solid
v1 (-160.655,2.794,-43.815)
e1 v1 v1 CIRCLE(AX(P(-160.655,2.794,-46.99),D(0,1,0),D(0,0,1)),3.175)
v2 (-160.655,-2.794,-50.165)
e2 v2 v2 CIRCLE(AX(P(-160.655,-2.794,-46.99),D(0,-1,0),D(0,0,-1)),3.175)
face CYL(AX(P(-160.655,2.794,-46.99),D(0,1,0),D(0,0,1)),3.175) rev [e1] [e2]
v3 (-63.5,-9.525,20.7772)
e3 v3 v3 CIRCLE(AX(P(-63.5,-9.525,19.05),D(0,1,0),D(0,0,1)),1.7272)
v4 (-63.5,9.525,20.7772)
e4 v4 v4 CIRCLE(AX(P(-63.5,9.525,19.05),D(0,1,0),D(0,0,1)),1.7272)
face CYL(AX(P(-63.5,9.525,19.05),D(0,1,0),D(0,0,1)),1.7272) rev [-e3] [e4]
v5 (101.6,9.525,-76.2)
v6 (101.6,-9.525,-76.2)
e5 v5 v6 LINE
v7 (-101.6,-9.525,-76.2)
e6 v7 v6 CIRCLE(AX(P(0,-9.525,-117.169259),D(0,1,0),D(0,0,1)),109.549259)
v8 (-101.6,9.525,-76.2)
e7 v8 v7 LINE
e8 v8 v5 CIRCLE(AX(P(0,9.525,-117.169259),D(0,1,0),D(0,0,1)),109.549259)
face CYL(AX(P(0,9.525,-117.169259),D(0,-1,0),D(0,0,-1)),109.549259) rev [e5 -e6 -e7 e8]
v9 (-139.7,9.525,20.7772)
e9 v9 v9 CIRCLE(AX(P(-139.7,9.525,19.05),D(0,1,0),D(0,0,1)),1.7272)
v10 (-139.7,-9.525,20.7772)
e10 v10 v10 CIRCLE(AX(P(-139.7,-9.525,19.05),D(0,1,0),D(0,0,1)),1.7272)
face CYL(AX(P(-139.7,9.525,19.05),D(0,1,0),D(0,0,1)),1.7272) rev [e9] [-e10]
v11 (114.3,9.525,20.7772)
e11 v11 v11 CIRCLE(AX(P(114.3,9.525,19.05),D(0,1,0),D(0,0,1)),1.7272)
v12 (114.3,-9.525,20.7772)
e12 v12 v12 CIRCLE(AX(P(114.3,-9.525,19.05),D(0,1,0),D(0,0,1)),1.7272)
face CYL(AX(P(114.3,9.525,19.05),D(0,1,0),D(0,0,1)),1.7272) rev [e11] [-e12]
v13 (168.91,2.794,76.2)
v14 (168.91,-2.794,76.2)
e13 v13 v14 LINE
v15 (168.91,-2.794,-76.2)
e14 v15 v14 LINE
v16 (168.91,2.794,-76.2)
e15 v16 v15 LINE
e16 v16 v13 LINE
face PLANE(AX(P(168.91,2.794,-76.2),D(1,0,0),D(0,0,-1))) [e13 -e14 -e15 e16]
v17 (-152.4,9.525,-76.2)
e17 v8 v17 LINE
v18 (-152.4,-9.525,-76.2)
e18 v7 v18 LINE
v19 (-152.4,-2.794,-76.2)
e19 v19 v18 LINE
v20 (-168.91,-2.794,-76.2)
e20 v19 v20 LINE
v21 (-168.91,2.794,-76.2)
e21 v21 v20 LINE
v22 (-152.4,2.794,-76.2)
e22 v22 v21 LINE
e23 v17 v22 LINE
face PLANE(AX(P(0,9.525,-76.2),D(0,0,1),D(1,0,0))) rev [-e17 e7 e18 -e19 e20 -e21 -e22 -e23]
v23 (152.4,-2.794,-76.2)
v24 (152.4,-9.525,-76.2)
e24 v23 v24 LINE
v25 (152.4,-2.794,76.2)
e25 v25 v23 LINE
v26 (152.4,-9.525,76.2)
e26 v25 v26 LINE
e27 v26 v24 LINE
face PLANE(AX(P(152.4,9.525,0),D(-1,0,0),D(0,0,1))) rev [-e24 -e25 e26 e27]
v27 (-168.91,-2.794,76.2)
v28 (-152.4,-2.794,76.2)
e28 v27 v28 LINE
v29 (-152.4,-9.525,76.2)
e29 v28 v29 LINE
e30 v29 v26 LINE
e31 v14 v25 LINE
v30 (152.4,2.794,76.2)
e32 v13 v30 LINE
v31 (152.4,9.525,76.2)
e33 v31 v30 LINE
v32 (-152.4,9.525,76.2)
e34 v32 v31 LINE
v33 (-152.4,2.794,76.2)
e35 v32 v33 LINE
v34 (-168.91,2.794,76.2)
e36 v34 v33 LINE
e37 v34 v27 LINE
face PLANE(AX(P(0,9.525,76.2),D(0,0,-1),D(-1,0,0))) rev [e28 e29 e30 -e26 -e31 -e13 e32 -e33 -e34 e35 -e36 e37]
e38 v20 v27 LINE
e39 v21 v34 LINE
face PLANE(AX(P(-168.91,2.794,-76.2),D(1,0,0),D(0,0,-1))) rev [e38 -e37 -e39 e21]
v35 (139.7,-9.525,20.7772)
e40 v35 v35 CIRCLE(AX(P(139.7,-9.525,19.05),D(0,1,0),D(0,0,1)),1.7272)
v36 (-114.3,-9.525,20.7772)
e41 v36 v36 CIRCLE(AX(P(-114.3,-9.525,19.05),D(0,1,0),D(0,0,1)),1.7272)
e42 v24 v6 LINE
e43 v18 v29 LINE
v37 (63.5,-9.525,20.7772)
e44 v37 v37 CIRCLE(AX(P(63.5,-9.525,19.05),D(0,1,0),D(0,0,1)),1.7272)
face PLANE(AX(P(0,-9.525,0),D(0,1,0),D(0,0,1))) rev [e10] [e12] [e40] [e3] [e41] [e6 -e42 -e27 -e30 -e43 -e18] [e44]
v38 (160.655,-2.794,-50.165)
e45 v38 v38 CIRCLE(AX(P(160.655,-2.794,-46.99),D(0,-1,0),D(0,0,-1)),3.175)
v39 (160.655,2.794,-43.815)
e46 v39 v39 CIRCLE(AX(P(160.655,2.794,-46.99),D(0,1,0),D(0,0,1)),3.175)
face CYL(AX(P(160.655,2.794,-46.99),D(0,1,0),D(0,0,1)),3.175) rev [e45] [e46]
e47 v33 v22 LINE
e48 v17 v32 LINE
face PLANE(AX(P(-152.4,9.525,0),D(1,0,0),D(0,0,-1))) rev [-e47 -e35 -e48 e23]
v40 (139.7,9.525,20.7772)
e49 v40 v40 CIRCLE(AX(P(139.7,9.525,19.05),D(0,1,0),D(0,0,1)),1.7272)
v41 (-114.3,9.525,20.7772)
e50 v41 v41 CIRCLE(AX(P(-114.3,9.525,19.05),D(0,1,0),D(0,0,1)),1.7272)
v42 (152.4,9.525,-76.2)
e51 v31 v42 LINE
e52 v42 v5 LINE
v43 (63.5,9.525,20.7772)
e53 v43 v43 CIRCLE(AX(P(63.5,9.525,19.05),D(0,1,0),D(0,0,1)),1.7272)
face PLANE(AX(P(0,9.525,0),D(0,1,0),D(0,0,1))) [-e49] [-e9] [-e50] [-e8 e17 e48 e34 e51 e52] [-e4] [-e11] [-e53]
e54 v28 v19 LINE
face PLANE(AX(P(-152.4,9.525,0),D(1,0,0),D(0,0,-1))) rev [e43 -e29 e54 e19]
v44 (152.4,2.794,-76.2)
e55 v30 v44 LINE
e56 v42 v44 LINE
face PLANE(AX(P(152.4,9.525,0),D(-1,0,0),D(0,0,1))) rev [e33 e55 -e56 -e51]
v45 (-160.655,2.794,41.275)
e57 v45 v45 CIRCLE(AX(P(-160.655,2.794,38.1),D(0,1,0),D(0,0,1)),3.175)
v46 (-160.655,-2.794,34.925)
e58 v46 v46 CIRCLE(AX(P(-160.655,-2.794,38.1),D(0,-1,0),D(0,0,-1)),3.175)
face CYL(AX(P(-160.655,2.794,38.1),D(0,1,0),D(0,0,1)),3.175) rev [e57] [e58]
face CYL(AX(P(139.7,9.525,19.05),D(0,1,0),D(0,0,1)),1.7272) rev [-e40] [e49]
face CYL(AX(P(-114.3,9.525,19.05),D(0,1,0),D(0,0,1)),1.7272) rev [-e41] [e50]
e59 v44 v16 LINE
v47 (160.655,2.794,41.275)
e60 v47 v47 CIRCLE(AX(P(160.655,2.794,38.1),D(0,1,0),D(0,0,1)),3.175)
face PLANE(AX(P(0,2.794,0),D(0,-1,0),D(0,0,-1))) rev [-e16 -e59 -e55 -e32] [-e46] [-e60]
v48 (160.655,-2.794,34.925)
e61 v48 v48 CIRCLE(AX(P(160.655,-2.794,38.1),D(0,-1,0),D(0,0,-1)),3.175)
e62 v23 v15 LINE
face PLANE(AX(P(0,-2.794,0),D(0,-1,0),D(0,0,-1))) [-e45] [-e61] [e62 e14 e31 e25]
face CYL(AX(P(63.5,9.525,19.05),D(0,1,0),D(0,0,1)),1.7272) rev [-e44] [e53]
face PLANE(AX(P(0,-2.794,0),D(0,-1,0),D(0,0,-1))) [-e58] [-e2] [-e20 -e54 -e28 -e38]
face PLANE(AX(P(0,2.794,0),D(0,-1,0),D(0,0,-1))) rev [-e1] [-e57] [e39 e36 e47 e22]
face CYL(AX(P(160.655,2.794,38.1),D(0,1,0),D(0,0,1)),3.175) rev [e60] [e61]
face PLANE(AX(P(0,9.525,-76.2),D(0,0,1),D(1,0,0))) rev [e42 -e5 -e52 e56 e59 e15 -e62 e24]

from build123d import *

# Parameters (mm, degrees)
BOSS_EXTRUDE1_DEPTH         = 9.525
F_8_32_TAPPED_HOLE1_D       = 3.4544
SKETCH6_W                   = 16.51
SKETCH6_H                   = 152.4
BOSS_EXTRUDE2_DEPTH         = 2.794
F_1_4_0_25_DIAMETER_HOLE1_D = 6.35


with BuildPart() as part:
    # Sketch1 → Boss-Extrude1 (new, symmetric)
    with BuildSketch(Plane(origin=(0, 0, 0), x_dir=(1, 0, 0), z_dir=(0, 1, 0))):
        with BuildLine():
            ThreePointArc((0, 7.62), (-61.289836841, 26.369500976), (-101.6, 76.2))
            Line((-101.6, 76.2), (-152.4, 76.2))
            Line((-152.4, 76.2), (-152.4, -76.2))
            Line((-152.4, -76.2), (152.4, -76.2))
            Line((152.4, -76.2), (152.4, 76.2))
            Line((152.4, 76.2), (101.6, 76.2))
            ThreePointArc((101.6, 76.2), (61.289836841, 26.369500976), (0, 7.62))
        make_face()
    extrude(amount=BOSS_EXTRUDE1_DEPTH, both=True)

    # #8-32 Tapped Hole1 (through all)
    with Locations(Plane(origin=(0, 9.525, 0), x_dir=(1, 0, 0), z_dir=(0, 1, 0))):
        with Locations((-139.7, -19.05), (-114.3, -19.05), (-63.5, -19.05)):
            f_8_32_tapped_hole1 = Hole(F_8_32_TAPPED_HOLE1_D / 2)

    # Mirror1: #8-32 Tapped Hole1 across plane
    add(f_8_32_tapped_hole1.mirror(Plane(origin=(0, 0, 0), x_dir=(0, 0, 1), z_dir=(1, 0, 0))), mode=Mode.SUBTRACT)

    # Sketch6 → Boss-Extrude2 (add, symmetric)
    with BuildSketch(Plane(origin=(0, 0, 0), x_dir=(1, 0, 0), z_dir=(0, 1, 0))):
        with Locations((-160.655, 0)):
            Rectangle(SKETCH6_W, SKETCH6_H)
    boss_extrude2 = extrude(amount=BOSS_EXTRUDE2_DEPTH, both=True)

    # 1/4 (0.25) Diameter Hole1 (through all)
    with Locations(Plane(origin=(0, 2.794, 0), x_dir=(1, 0, 0), z_dir=(0, 1, 0))):
        with Locations((-160.655, 46.99), (-160.655, -38.1)):
            f_1_4_0_25_diameter_hole1 = Hole(F_1_4_0_25_DIAMETER_HOLE1_D / 2)

    # Mirror2: Boss-Extrude2, 1/4 (0.25) Diameter Hole1 across plane
    add(boss_extrude2.mirror(Plane(origin=(0, 0, 0), x_dir=(0, 0, 1), z_dir=(1, 0, 0))))
    add(f_1_4_0_25_diameter_hole1.mirror(Plane(origin=(0, 0, 0), x_dir=(0, 0, 1), z_dir=(1, 0, 0))), mode=Mode.SUBTRACT)


solid = part.part
